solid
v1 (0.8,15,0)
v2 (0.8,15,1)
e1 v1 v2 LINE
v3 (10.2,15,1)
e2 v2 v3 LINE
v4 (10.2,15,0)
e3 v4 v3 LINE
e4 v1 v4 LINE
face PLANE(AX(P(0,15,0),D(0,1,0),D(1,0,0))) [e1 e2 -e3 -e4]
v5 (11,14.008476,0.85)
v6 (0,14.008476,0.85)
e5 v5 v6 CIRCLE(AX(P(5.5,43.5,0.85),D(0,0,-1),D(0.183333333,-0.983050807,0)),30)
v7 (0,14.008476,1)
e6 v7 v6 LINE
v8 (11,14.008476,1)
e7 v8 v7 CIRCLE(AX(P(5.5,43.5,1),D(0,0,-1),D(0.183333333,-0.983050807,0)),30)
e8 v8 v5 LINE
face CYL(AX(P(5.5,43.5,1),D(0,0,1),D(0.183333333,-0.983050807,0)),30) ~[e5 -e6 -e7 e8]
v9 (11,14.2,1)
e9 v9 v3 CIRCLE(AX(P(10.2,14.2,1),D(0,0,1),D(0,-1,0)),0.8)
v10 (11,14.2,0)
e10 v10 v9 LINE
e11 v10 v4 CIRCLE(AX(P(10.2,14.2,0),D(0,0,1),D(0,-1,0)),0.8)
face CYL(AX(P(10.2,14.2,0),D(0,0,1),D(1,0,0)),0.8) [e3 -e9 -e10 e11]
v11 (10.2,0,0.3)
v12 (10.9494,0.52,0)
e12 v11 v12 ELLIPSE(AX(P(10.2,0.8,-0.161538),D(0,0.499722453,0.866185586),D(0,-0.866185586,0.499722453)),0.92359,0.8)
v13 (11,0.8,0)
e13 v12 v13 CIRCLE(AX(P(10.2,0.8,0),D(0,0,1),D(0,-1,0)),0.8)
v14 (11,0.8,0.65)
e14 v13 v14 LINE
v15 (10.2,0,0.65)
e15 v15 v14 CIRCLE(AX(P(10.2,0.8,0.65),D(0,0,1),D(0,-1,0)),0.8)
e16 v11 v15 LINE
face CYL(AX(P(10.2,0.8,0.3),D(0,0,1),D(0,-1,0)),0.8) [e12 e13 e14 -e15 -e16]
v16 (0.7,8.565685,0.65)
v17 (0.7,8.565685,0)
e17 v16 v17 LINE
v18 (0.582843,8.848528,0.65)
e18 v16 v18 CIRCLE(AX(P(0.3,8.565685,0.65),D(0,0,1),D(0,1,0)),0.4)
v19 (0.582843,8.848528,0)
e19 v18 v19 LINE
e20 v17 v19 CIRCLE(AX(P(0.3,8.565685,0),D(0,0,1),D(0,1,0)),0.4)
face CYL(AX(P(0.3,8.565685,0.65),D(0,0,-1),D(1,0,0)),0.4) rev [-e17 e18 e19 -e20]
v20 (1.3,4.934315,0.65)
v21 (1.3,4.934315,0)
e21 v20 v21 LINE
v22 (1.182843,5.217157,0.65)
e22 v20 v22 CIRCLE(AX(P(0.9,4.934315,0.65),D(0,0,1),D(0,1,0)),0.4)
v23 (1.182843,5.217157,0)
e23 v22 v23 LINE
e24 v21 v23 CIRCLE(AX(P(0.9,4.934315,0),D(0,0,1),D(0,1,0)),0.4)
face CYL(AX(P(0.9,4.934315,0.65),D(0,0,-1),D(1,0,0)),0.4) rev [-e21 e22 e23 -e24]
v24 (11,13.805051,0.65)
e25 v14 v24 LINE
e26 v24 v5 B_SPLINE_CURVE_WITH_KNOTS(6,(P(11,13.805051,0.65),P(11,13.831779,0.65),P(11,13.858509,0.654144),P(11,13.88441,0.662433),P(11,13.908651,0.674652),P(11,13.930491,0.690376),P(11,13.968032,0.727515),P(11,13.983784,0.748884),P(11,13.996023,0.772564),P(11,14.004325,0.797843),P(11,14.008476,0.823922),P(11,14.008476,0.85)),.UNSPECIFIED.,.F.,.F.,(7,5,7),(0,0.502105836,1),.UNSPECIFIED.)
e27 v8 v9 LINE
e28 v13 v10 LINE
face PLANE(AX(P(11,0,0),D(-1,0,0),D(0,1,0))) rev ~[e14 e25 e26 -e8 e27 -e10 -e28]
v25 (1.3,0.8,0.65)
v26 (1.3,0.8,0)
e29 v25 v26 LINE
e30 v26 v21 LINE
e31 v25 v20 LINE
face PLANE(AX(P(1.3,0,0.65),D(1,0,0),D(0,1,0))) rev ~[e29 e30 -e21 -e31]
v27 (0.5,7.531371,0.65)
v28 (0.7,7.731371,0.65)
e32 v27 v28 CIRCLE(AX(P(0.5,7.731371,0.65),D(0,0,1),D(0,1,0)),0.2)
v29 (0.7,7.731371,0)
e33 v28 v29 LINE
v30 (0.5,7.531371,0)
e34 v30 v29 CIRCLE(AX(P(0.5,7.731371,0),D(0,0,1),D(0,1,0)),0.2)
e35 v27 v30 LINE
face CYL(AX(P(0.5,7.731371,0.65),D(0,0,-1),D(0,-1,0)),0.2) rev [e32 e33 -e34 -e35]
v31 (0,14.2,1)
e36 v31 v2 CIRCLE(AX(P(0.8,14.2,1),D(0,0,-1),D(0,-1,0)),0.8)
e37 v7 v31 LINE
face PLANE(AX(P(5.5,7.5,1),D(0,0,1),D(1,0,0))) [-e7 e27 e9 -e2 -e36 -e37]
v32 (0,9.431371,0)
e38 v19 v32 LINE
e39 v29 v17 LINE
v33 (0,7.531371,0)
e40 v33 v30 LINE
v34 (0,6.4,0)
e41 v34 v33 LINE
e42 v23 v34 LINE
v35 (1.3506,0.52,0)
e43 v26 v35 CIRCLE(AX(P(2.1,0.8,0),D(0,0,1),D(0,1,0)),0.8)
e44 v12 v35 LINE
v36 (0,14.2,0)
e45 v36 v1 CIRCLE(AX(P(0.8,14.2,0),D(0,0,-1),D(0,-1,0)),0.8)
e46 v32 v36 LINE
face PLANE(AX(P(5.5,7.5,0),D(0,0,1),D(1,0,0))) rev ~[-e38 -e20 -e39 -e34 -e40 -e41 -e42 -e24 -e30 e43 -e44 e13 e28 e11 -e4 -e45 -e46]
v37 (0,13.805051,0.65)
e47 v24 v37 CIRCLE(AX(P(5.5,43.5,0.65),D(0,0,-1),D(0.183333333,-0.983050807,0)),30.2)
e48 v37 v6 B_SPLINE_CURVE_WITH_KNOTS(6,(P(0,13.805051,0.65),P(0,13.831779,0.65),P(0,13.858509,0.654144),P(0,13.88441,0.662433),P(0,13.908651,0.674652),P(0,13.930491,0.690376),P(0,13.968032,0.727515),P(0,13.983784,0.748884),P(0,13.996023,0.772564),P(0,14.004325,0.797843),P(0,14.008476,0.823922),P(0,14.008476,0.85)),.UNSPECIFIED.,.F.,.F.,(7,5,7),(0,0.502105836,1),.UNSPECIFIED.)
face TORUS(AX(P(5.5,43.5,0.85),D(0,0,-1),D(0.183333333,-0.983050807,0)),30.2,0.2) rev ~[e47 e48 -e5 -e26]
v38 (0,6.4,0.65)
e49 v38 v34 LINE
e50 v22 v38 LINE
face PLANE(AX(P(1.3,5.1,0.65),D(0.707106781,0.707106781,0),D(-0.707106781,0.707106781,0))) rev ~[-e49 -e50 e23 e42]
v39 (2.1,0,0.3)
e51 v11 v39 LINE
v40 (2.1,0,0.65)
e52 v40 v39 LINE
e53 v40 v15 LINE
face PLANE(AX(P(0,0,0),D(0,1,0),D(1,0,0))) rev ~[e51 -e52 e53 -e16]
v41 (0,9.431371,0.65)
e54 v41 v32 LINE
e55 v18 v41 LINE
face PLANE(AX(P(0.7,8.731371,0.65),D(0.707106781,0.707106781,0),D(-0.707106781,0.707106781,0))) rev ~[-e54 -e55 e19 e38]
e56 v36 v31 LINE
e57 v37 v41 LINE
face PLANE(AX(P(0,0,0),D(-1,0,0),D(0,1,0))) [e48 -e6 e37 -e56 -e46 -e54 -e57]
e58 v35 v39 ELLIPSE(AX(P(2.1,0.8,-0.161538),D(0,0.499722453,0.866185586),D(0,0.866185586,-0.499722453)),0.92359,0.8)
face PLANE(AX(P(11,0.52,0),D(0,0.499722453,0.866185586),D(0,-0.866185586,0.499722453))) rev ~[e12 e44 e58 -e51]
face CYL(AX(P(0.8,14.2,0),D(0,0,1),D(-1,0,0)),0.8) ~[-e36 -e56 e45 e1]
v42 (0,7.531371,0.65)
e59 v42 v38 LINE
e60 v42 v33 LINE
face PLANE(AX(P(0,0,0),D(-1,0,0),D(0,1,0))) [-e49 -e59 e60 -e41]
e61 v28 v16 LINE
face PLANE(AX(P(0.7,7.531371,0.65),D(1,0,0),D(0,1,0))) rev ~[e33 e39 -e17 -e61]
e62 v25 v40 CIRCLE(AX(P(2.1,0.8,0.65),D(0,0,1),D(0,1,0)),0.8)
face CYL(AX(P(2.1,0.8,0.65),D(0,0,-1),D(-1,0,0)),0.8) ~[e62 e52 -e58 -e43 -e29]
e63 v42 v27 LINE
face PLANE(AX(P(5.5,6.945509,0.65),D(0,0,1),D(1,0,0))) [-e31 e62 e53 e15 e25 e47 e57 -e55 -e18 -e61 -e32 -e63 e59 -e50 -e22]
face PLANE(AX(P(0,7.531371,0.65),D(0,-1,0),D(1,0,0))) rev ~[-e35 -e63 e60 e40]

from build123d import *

# Parameters (mm, degrees)
F0_W      = 11
F0_H      = 15
F1_DEPTH  = 1
F3_DEPTH  = 0.35
F5_DEPTH  = 0.65
F6_R      = 0.2
F7_R      = 0.4
F8_R      = 0.2
F9_R      = 0.4
F11_DEPTH = 9.7
F12_R     = 0.8


with BuildPart() as f1:
    # F0 (on Top) → F1 (new body)
    with BuildSketch(Plane.XY):
        with Locations((5.5, 7.5)):
            Rectangle(F0_W, F0_H)
    extrude(amount=F1_DEPTH)

    # F2 (on face) → F3 (cut)
    with BuildSketch(Plane.XY.offset(1)):
        with BuildLine():
            Line((0, 14.0084757939), (0, 0))
            Line((0, 0), (11, 0))
            Line((11, 0), (11, 14.0084757939))
            ThreePointArc((11, 14.0084757939), (5.5, 13.5), (0, 14.0084757939))
        make_face()
    extrude(amount=-F3_DEPTH, mode=Mode.SUBTRACT)

    # F4 (on face) → F5 (cut, through all)
    with BuildSketch(Plane.XY.offset(0.65)):
        Polygon((0, 0), (1.3, 0), (1.3, 5.1), (0, 6.4), align=None)
        Polygon((0, 9.4313708499), (0, 7.5313708499), (0.7, 7.5313708499), (0.7, 8.7313708499), align=None)
    extrude(amount=-F5_DEPTH, mode=Mode.SUBTRACT)

    # F6
    f6_edges = [f1.edges().sort_by_distance(p)[0] for p in [
        (0.7, 7.531371, 0.325),
    ]]
    fillet(f6_edges, radius=F6_R)

    # F7
    f7_edges = [f1.edges().sort_by_distance(p)[0] for p in [
        (0.7, 8.731371, 0.325),
    ]]
    fillet(f7_edges, radius=F7_R)

    # F8
    f8_edges = [f1.edges().sort_by_distance(p)[0] for p in [
        (5.5, 13.5, 0.65),
    ]]
    fillet(f8_edges, radius=F8_R)

    # F9
    f9_edges = [f1.edges().sort_by_distance(p)[0] for p in [
        (1.3, 5.1, 0.325),
    ]]
    fillet(f9_edges, radius=F9_R)

    # F10 (on face) → F11 (cut, through all)
    with BuildSketch(Plane.YZ.offset(11)):
        Polygon((0.52, 0), (0, 0.3), (0, 0), align=None)
    extrude(amount=-F11_DEPTH, mode=Mode.SUBTRACT)

    # F12
    f12_edges = [f1.edges().sort_by_distance(p)[0] for p in [
        (11, 0, 0.475),
        (1.3, 0, 0.475),
        (0, 15, 0.5),
        (11, 15, 0.5),
    ]]
    fillet(f12_edges, radius=F12_R)


solid = f1.part
